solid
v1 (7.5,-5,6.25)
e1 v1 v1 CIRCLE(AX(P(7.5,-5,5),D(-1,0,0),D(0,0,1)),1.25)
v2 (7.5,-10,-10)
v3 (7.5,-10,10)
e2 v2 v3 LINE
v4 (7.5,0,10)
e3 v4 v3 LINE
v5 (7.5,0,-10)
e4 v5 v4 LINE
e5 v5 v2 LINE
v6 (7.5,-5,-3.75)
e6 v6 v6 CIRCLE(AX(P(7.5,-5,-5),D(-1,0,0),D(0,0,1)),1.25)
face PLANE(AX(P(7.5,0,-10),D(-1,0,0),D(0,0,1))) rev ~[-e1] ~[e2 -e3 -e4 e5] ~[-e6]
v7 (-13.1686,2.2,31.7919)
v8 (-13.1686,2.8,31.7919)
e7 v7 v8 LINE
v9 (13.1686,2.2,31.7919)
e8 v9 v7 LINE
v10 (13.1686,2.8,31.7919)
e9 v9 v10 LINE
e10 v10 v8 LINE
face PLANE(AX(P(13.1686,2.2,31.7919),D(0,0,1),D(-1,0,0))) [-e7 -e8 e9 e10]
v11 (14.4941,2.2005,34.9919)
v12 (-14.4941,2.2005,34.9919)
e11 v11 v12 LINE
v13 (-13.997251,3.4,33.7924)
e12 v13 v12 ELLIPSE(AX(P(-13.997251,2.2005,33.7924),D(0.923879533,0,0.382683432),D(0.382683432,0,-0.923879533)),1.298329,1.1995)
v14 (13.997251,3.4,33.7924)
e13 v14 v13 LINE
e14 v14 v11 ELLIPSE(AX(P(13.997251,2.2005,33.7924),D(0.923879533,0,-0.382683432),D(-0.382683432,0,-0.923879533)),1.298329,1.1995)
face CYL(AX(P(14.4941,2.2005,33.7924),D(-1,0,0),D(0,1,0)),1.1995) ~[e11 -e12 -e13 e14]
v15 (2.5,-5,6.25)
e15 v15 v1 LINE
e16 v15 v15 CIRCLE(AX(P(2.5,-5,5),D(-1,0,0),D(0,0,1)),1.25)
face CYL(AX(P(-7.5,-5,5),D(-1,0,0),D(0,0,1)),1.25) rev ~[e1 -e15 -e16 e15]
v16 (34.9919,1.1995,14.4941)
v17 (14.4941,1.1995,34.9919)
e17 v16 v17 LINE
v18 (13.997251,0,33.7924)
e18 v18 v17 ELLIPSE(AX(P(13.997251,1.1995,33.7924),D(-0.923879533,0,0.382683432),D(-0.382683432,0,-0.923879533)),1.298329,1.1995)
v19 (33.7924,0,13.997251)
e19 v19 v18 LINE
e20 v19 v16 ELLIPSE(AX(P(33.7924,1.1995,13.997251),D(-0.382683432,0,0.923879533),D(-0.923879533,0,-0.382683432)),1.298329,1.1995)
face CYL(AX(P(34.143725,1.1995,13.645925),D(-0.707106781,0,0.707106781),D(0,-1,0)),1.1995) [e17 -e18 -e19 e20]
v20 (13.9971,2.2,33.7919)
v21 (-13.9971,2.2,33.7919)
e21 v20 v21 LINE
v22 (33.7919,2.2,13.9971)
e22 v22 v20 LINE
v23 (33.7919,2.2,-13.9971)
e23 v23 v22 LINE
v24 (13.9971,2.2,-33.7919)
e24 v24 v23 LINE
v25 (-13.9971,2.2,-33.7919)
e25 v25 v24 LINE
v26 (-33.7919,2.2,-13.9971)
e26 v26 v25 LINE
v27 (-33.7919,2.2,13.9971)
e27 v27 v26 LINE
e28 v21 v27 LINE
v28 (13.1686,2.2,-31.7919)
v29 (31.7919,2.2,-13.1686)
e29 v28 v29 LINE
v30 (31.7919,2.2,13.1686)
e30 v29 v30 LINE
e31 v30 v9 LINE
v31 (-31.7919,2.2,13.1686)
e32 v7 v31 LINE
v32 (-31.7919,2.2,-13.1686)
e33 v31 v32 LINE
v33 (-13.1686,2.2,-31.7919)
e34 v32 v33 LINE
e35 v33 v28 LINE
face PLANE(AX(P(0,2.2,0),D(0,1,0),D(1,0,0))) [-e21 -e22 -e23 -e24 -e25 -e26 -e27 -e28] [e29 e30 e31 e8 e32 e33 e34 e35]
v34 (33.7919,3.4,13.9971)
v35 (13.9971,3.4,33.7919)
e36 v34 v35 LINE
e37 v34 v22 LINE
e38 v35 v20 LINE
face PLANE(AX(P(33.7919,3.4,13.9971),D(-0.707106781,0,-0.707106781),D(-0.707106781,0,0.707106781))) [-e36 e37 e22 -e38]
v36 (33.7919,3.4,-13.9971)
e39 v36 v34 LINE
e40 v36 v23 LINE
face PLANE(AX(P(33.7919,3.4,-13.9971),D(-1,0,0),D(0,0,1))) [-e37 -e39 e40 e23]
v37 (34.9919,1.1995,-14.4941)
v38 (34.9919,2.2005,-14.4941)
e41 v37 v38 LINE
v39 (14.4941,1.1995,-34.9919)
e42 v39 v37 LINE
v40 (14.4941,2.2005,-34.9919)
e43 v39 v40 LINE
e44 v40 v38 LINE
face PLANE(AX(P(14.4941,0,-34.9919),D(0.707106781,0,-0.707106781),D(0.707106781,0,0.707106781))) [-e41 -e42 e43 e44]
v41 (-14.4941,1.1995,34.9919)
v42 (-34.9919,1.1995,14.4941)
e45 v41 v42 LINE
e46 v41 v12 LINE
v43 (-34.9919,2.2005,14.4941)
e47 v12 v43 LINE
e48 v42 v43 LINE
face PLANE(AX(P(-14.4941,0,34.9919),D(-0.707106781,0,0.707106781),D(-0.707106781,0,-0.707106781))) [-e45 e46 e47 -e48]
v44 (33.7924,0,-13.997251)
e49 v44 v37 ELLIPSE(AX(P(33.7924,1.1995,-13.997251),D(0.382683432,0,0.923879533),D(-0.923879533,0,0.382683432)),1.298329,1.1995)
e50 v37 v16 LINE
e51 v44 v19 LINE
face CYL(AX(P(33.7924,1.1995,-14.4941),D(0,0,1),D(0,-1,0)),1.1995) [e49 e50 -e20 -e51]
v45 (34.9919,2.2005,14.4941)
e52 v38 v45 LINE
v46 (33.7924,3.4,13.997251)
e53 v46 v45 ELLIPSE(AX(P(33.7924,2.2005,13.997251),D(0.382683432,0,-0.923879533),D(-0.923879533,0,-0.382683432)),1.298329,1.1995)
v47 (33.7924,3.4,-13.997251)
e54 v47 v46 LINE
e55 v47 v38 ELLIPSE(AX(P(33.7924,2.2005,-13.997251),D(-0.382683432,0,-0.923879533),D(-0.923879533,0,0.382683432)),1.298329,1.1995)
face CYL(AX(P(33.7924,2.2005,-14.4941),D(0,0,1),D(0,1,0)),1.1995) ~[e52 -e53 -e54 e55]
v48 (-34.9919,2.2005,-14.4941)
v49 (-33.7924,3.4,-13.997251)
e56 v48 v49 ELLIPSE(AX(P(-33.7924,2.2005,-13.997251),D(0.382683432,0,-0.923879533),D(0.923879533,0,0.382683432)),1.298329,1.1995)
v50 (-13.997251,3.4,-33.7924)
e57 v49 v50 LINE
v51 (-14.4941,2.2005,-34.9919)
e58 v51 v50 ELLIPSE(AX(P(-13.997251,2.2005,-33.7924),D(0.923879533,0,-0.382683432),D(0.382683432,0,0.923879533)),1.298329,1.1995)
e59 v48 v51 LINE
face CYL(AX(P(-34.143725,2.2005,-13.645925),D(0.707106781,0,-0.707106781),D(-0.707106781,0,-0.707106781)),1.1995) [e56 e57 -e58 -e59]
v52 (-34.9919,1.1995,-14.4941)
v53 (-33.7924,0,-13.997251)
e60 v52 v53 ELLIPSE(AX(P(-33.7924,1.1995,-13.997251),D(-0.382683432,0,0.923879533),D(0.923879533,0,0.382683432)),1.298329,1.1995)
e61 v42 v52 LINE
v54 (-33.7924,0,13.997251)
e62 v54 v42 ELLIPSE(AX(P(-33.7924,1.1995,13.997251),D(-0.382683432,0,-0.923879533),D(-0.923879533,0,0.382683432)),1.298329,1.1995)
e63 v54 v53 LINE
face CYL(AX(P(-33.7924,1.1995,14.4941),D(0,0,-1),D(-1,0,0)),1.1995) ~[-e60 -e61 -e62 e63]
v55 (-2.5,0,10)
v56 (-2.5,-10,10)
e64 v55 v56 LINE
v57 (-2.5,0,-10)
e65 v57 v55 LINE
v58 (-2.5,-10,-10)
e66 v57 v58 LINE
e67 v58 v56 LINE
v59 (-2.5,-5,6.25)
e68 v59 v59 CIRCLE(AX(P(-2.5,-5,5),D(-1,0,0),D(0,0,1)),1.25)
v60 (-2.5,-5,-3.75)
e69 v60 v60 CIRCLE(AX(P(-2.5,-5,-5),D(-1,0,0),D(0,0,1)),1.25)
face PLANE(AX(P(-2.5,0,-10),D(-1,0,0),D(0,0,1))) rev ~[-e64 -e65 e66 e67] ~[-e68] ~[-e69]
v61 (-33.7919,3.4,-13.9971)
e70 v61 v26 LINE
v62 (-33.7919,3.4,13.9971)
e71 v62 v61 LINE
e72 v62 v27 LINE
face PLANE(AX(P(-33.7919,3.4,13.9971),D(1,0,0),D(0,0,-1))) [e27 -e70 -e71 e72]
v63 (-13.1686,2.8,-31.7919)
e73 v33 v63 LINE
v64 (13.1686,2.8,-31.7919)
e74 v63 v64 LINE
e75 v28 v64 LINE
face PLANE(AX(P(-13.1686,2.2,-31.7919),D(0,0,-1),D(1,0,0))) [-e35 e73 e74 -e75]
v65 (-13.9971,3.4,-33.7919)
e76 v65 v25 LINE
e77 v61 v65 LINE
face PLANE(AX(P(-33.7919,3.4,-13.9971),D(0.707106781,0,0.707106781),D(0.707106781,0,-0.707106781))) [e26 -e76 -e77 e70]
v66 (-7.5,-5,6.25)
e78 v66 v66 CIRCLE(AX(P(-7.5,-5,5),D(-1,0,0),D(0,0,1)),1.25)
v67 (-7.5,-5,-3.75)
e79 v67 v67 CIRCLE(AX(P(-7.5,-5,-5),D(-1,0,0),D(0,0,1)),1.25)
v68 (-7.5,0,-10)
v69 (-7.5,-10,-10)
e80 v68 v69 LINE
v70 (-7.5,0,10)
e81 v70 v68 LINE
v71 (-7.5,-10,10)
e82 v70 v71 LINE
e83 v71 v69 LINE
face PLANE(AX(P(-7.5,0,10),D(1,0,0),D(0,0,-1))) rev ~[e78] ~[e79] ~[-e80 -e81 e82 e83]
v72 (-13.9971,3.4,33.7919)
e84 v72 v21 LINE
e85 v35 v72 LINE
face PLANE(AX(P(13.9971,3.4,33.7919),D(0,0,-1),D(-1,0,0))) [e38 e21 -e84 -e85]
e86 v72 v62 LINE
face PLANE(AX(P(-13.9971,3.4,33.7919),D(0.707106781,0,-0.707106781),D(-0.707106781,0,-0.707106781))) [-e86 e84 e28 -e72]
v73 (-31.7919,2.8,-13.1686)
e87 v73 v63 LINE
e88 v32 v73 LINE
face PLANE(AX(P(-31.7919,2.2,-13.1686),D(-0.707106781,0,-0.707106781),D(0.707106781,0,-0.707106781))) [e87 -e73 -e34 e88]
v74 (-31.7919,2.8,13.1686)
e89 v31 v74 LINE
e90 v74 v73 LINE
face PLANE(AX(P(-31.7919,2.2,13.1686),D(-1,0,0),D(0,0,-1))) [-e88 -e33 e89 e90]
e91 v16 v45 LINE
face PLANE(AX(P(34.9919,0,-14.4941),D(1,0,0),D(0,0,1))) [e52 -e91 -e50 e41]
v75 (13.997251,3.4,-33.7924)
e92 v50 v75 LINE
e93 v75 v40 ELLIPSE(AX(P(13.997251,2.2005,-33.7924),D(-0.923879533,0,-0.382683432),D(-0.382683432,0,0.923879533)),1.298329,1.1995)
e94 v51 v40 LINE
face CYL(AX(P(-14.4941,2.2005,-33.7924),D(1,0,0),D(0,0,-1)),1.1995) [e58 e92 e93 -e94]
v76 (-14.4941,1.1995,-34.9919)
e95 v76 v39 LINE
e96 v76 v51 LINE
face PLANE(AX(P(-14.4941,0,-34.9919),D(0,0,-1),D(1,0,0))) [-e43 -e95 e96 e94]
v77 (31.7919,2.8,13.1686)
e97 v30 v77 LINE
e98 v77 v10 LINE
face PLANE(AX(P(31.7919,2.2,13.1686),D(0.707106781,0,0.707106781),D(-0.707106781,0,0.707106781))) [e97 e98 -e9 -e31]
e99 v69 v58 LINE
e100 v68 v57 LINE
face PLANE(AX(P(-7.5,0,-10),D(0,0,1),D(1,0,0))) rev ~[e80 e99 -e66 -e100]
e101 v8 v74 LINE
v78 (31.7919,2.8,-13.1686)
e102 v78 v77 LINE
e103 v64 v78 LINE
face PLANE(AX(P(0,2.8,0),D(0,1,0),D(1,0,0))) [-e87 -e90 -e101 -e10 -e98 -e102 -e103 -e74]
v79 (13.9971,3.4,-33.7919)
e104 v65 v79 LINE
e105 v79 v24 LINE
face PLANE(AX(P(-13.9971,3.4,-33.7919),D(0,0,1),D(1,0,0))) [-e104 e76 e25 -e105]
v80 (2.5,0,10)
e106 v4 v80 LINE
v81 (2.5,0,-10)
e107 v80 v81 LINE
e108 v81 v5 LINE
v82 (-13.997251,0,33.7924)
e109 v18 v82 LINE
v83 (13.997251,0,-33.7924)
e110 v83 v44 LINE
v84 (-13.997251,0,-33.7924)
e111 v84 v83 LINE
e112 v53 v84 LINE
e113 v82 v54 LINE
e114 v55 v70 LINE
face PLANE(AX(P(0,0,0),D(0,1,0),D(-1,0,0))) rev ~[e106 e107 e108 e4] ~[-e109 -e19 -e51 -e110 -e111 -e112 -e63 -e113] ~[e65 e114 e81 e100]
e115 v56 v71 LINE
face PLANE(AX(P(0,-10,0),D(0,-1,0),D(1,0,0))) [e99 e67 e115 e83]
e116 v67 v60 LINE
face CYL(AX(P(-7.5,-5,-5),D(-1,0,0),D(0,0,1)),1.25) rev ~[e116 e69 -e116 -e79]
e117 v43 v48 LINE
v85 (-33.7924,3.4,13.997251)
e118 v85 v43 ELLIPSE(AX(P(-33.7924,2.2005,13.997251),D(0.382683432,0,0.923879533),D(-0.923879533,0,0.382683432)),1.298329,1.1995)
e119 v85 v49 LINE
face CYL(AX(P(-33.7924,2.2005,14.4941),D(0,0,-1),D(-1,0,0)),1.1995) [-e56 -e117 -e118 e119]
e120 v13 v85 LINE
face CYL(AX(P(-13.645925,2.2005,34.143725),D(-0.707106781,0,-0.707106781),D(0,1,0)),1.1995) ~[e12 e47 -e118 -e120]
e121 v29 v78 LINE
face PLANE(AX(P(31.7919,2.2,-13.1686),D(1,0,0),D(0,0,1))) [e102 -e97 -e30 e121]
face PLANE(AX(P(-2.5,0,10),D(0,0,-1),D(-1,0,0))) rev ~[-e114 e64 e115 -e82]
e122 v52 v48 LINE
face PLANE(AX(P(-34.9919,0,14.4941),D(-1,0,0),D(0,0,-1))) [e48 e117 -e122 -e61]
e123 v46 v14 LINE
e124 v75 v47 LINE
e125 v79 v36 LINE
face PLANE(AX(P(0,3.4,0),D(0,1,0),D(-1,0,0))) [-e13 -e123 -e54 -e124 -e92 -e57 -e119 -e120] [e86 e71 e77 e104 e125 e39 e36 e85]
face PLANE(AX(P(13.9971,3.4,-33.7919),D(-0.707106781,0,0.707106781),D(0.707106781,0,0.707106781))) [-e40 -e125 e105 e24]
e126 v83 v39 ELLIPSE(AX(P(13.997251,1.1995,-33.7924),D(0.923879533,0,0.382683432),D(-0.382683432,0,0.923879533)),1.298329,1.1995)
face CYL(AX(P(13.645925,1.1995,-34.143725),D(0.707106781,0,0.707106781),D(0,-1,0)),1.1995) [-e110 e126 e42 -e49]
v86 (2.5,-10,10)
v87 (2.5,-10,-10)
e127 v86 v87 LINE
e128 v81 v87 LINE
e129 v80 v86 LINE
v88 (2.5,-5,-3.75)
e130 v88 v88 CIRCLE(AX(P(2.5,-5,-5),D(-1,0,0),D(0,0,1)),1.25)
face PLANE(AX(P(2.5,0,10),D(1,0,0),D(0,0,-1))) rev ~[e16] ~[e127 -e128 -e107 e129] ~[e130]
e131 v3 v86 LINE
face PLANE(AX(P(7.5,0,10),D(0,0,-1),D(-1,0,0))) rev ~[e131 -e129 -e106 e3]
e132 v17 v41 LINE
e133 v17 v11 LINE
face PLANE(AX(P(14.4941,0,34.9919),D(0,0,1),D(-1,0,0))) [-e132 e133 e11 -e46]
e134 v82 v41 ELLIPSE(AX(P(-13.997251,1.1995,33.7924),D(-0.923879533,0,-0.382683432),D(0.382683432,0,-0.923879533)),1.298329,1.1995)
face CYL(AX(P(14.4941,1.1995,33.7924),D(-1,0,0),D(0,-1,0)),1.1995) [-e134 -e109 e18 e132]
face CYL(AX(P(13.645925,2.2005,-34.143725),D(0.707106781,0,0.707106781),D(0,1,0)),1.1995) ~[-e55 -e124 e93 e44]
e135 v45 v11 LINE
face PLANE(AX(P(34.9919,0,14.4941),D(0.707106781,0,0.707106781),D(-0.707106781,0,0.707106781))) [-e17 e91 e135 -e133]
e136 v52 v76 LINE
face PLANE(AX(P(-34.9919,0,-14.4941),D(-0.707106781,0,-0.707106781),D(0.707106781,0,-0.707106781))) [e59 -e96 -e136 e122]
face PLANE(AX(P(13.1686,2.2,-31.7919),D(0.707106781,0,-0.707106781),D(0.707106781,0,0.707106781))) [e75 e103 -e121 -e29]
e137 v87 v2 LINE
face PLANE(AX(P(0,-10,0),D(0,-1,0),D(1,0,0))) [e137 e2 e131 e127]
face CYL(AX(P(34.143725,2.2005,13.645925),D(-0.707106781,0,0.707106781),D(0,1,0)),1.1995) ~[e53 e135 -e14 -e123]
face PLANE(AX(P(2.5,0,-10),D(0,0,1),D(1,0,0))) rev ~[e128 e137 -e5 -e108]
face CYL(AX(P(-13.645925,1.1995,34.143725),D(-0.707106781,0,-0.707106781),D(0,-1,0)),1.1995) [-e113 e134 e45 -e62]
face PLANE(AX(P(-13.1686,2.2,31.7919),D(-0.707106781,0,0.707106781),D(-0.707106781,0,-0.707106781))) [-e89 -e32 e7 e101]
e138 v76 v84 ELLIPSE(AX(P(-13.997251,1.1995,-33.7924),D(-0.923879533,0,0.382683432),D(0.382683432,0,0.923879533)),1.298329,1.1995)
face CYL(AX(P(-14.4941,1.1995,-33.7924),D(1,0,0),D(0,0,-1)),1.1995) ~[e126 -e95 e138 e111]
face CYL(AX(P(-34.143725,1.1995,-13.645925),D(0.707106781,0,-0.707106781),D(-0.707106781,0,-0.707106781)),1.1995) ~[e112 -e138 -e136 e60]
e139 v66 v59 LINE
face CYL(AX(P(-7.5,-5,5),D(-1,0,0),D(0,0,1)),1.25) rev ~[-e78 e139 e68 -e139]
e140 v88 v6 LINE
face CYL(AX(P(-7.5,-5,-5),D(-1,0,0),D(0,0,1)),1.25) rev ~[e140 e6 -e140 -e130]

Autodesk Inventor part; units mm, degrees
ref_plane "YZ Plane" through (0, 0, 0) normal (1, 0, 0) x (0, 1, 0)
ref_plane "XZ Plane" through (0, 0, 0) normal (0, 1, 0) x (-1, 0, 0)
ref_plane "XY Plane" through (0, 0, 0) normal (0, 0, 1) x (1, 0, 0)
sketch "스케치3" plane through (0, 0, 0) normal (0, 1, 0) x (-1, 0, 0)
  line L0 (34.9919, -14.4941) -> (14.4941, -34.9919)
  line L1 (14.4941, -34.9919) -> (-14.4941, -34.9919)
  line L2 (-14.4941, -34.9919) -> (-34.9919, -14.4941)
  line L3 (-34.9919, -14.4941) -> (-34.9919, 14.4941)
  line L4 (-34.9919, 14.4941) -> (-14.4941, 34.9919)
  line L5 (-14.4941, 34.9919) -> (14.4941, 34.9919)
  line L6 (14.4941, 34.9919) -> (34.9919, 14.4941)
  line L7 (34.9919, 14.4941) -> (34.9919, -14.4941)
  line L8 (13.5, -32.5919) -> (-13.5, -32.5919)
  line L9 (-13.5, -32.5919) -> (-32.5919, -13.5)
  line L10 (-32.5919, -13.5) -> (-32.5919, 13.5)
  line L11 (-32.5919, 13.5) -> (-13.5, 32.5919)
  line L12 (-13.5, 32.5919) -> (13.5, 32.5919)
  line L13 (13.5, 32.5919) -> (32.5919, 13.5)
  line L14 (32.5919, 13.5) -> (32.5919, -13.5)
  line L15 (32.5919, -13.5) -> (13.5, -32.5919)
  point P0 (0, 0)
  point P1 (0, 0)
  point P2 (0, 0)
  point P3 (0, 0)
  dimension "d66" = 27
  dimension "d67" = 2.4
extrude "돌출2" add sketch "스케치3" along normal blind 3.4 contours L0 L1 L2 L3 L4 L5 L6 L7 | L8 L9 L10 L11 L12 L13 L14 L15
sketch "스케치4" plane through (0, 3.4, 0) normal (0, 1, 0) x (1, 0, 0)
  line L0 (13.5, -32.5919) -> (-13.5, -32.5919)
  line L1 (-13.5, -32.5919) -> (-32.5919, -13.5)
  line L2 (-32.5919, -13.5) -> (-32.5919, 13.5)
  line L3 (-32.5919, 13.5) -> (-13.5, 32.5919)
  line L4 (-13.5, 32.5919) -> (13.5, 32.5919)
  line L5 (13.5, 32.5919) -> (32.5919, 13.5)
  line L6 (32.5919, 13.5) -> (32.5919, -13.5)
  line L7 (32.5919, -13.5) -> (13.5, -32.5919)
  line L8 (-13.9971, 33.7919) -> (13.9971, 33.7919)
  line L9 (13.9971, 33.7919) -> (33.7919, 13.9971)
  line L10 (33.7919, 13.9971) -> (33.7919, -13.9971)
  line L11 (33.7919, -13.9971) -> (13.9971, -33.7919)
  line L12 (13.9971, -33.7919) -> (-13.9971, -33.7919)
  line L13 (-13.9971, -33.7919) -> (-33.7919, -13.9971)
  line L14 (-33.7919, -13.9971) -> (-33.7919, 13.9971)
  line L15 (-33.7919, 13.9971) -> (-13.9971, 33.7919)
  line L16 (-13.1686, 31.7919) -> (13.1686, 31.7919)
  line L17 (13.1686, 31.7919) -> (31.7919, 13.1686)
  line L18 (31.7919, 13.1686) -> (31.7919, -13.1686)
  line L19 (31.7919, -13.1686) -> (13.1686, -31.7919)
  line L20 (13.1686, -31.7919) -> (-13.1686, -31.7919)
  line L21 (-13.1686, -31.7919) -> (-31.7919, -13.1686)
  line L22 (-31.7919, -13.1686) -> (-31.7919, 13.1686)
  line L23 (-31.7919, 13.1686) -> (-13.1686, 31.7919)
  point P0 (0, 0)
  point P1 (0, 0)
  point P2 (0, 0)
  point P3 (0, 0)
  dimension "d7" = 27
  dimension "d68" = 1.2
  dimension "d69" = 0.8
extrude "돌출3" cut sketch "스케치4" against normal blind 1.2 contours L0 L1 L2 L3 L4 L5 L6 L7 | L8 L9 L10 L11 L12 L13 L14 L15 | L16 L17 L18 L19 L20 L21 L22 L23
sketch "스케치9" plane through (0, 0, 0) normal (0, -1, 0) x (1, 0, 0)
  line L0 (7.5, 10) -> (2.5, 10)
  line L1 (2.5, 10) -> (2.5, -10)
  line L2 (2.5, -10) -> (7.5, -10)
  line L3 (7.5, -10) -> (7.5, 10)
  line L4 (7.5, 10) -> (2.5, -10) construction
  line L5 (2.5, 10) -> (7.5, -10) construction
  line L6 (-2.5, 10) -> (-7.5, 10)
  line L7 (-7.5, 10) -> (-7.5, -10)
  line L8 (-7.5, -10) -> (-2.5, -10)
  line L9 (-2.5, 10) -> (-7.5, -10) construction
  line L10 (-7.5, 10) -> (-2.5, -10) construction
  line L11 (-2.5, -10) -> (-2.5, 10)
  point P0 (0, 0)
  point P1 (5, 0)
  point P2 (-5, 0)
  dimension "d42" = 20
  dimension "d43" = 5
  dimension "d44" = 2.5
  dimension "d47" = 10
extrude "돌출8" add sketch "스케치9" along normal blind 10
sketch "스케치10" plane through (-7.5, 0, -10) normal (-1, 0, 0) x (0, 0, 1)
  circle A0 centre (15, -5) radius 1.25
  line L0 (19.9591, 0) -> (0.0886, 0)
  line L1 (24.4941, 0) -> (-4.4941, 0) projected
  circle A1 centre (5, -5) radius 1.25
  line L2 (20, 0) -> (20, -10) projected
  point P0 (10, 0)
  dimension "d54" = 2.5
  dimension "d57" = 10
  dimension "d62" = 5
  dimension "d63" = 5
extrude "돌출9" cut sketch "스케치10" against normal blind 20
sketch "스케치11" plane through (0, 2.2, 0) normal (0, 1, 0) x (1, 0, 0)
  line L0 (-13.1686, 31.7919) -> (13.1686, 31.7919)
  line L1 (13.1686, 31.7919) -> (31.7919, 13.1686)
  line L2 (31.7919, 13.1686) -> (31.7919, -13.1686)
  line L3 (31.7919, -13.1686) -> (13.1686, -31.7919)
  line L4 (13.1686, -31.7919) -> (-13.1686, -31.7919)
  line L5 (-13.1686, -31.7919) -> (-31.7919, -13.1686)
  line L6 (-31.7919, -13.1686) -> (-31.7919, 13.1686)
  line L7 (-31.7919, 13.1686) -> (-13.1686, 31.7919)
  line L8 (-13.9971, 33.7919) -> (13.9971, 33.7919) projected
  line L9 (-11.926, 28.7919) -> (11.926, 28.7919)
  line L10 (11.926, 28.7919) -> (28.7919, 11.926)
  line L11 (28.7919, 11.926) -> (28.7919, -11.926)
  line L12 (28.7919, -11.926) -> (11.926, -28.7919)
  line L13 (11.926, -28.7919) -> (-11.926, -28.7919)
  line L14 (-11.926, -28.7919) -> (-28.7919, -11.926)
  line L15 (-28.7919, -11.926) -> (-28.7919, 11.926)
  line L16 (-28.7919, 11.926) -> (-11.926, 28.7919)
  point P0 (0, 0)
  point P1 (0, 0)
  point P2 (0, 0)
  dimension "d70" = 2
  dimension "d71" = 3
extrude "돌출10" add sketch "스케치11" along normal blind 0.6 contours L0 L1 L2 L3 L4 L5 L6 L7 | L9 L10 L11 L12 L13 L14 L15 L16
fillet "모깎기1" radius 1.2 16 edges at (-24.743, 3.4, 24.743) (0, 3.4, 34.9919) (24.743, 3.4, 24.743) (34.9919, 3.4, 0) (24.743, 3.4, -24.743) (0, 3.4, -34.9919) (-24.743, 3.4, -24.743) (-34.9919, 3.4, 0) (-24.743, 0, 24.743) (0, 0, 34.9919) (24.743, 0, 24.743) (34.9919, 0, 0) (24.743, 0, -24.743) (0, 0, -34.9919) (-24.743, 0, -24.743) (-34.9919, 0, 0)
properties part number "OV-PAM_bottom_2"
